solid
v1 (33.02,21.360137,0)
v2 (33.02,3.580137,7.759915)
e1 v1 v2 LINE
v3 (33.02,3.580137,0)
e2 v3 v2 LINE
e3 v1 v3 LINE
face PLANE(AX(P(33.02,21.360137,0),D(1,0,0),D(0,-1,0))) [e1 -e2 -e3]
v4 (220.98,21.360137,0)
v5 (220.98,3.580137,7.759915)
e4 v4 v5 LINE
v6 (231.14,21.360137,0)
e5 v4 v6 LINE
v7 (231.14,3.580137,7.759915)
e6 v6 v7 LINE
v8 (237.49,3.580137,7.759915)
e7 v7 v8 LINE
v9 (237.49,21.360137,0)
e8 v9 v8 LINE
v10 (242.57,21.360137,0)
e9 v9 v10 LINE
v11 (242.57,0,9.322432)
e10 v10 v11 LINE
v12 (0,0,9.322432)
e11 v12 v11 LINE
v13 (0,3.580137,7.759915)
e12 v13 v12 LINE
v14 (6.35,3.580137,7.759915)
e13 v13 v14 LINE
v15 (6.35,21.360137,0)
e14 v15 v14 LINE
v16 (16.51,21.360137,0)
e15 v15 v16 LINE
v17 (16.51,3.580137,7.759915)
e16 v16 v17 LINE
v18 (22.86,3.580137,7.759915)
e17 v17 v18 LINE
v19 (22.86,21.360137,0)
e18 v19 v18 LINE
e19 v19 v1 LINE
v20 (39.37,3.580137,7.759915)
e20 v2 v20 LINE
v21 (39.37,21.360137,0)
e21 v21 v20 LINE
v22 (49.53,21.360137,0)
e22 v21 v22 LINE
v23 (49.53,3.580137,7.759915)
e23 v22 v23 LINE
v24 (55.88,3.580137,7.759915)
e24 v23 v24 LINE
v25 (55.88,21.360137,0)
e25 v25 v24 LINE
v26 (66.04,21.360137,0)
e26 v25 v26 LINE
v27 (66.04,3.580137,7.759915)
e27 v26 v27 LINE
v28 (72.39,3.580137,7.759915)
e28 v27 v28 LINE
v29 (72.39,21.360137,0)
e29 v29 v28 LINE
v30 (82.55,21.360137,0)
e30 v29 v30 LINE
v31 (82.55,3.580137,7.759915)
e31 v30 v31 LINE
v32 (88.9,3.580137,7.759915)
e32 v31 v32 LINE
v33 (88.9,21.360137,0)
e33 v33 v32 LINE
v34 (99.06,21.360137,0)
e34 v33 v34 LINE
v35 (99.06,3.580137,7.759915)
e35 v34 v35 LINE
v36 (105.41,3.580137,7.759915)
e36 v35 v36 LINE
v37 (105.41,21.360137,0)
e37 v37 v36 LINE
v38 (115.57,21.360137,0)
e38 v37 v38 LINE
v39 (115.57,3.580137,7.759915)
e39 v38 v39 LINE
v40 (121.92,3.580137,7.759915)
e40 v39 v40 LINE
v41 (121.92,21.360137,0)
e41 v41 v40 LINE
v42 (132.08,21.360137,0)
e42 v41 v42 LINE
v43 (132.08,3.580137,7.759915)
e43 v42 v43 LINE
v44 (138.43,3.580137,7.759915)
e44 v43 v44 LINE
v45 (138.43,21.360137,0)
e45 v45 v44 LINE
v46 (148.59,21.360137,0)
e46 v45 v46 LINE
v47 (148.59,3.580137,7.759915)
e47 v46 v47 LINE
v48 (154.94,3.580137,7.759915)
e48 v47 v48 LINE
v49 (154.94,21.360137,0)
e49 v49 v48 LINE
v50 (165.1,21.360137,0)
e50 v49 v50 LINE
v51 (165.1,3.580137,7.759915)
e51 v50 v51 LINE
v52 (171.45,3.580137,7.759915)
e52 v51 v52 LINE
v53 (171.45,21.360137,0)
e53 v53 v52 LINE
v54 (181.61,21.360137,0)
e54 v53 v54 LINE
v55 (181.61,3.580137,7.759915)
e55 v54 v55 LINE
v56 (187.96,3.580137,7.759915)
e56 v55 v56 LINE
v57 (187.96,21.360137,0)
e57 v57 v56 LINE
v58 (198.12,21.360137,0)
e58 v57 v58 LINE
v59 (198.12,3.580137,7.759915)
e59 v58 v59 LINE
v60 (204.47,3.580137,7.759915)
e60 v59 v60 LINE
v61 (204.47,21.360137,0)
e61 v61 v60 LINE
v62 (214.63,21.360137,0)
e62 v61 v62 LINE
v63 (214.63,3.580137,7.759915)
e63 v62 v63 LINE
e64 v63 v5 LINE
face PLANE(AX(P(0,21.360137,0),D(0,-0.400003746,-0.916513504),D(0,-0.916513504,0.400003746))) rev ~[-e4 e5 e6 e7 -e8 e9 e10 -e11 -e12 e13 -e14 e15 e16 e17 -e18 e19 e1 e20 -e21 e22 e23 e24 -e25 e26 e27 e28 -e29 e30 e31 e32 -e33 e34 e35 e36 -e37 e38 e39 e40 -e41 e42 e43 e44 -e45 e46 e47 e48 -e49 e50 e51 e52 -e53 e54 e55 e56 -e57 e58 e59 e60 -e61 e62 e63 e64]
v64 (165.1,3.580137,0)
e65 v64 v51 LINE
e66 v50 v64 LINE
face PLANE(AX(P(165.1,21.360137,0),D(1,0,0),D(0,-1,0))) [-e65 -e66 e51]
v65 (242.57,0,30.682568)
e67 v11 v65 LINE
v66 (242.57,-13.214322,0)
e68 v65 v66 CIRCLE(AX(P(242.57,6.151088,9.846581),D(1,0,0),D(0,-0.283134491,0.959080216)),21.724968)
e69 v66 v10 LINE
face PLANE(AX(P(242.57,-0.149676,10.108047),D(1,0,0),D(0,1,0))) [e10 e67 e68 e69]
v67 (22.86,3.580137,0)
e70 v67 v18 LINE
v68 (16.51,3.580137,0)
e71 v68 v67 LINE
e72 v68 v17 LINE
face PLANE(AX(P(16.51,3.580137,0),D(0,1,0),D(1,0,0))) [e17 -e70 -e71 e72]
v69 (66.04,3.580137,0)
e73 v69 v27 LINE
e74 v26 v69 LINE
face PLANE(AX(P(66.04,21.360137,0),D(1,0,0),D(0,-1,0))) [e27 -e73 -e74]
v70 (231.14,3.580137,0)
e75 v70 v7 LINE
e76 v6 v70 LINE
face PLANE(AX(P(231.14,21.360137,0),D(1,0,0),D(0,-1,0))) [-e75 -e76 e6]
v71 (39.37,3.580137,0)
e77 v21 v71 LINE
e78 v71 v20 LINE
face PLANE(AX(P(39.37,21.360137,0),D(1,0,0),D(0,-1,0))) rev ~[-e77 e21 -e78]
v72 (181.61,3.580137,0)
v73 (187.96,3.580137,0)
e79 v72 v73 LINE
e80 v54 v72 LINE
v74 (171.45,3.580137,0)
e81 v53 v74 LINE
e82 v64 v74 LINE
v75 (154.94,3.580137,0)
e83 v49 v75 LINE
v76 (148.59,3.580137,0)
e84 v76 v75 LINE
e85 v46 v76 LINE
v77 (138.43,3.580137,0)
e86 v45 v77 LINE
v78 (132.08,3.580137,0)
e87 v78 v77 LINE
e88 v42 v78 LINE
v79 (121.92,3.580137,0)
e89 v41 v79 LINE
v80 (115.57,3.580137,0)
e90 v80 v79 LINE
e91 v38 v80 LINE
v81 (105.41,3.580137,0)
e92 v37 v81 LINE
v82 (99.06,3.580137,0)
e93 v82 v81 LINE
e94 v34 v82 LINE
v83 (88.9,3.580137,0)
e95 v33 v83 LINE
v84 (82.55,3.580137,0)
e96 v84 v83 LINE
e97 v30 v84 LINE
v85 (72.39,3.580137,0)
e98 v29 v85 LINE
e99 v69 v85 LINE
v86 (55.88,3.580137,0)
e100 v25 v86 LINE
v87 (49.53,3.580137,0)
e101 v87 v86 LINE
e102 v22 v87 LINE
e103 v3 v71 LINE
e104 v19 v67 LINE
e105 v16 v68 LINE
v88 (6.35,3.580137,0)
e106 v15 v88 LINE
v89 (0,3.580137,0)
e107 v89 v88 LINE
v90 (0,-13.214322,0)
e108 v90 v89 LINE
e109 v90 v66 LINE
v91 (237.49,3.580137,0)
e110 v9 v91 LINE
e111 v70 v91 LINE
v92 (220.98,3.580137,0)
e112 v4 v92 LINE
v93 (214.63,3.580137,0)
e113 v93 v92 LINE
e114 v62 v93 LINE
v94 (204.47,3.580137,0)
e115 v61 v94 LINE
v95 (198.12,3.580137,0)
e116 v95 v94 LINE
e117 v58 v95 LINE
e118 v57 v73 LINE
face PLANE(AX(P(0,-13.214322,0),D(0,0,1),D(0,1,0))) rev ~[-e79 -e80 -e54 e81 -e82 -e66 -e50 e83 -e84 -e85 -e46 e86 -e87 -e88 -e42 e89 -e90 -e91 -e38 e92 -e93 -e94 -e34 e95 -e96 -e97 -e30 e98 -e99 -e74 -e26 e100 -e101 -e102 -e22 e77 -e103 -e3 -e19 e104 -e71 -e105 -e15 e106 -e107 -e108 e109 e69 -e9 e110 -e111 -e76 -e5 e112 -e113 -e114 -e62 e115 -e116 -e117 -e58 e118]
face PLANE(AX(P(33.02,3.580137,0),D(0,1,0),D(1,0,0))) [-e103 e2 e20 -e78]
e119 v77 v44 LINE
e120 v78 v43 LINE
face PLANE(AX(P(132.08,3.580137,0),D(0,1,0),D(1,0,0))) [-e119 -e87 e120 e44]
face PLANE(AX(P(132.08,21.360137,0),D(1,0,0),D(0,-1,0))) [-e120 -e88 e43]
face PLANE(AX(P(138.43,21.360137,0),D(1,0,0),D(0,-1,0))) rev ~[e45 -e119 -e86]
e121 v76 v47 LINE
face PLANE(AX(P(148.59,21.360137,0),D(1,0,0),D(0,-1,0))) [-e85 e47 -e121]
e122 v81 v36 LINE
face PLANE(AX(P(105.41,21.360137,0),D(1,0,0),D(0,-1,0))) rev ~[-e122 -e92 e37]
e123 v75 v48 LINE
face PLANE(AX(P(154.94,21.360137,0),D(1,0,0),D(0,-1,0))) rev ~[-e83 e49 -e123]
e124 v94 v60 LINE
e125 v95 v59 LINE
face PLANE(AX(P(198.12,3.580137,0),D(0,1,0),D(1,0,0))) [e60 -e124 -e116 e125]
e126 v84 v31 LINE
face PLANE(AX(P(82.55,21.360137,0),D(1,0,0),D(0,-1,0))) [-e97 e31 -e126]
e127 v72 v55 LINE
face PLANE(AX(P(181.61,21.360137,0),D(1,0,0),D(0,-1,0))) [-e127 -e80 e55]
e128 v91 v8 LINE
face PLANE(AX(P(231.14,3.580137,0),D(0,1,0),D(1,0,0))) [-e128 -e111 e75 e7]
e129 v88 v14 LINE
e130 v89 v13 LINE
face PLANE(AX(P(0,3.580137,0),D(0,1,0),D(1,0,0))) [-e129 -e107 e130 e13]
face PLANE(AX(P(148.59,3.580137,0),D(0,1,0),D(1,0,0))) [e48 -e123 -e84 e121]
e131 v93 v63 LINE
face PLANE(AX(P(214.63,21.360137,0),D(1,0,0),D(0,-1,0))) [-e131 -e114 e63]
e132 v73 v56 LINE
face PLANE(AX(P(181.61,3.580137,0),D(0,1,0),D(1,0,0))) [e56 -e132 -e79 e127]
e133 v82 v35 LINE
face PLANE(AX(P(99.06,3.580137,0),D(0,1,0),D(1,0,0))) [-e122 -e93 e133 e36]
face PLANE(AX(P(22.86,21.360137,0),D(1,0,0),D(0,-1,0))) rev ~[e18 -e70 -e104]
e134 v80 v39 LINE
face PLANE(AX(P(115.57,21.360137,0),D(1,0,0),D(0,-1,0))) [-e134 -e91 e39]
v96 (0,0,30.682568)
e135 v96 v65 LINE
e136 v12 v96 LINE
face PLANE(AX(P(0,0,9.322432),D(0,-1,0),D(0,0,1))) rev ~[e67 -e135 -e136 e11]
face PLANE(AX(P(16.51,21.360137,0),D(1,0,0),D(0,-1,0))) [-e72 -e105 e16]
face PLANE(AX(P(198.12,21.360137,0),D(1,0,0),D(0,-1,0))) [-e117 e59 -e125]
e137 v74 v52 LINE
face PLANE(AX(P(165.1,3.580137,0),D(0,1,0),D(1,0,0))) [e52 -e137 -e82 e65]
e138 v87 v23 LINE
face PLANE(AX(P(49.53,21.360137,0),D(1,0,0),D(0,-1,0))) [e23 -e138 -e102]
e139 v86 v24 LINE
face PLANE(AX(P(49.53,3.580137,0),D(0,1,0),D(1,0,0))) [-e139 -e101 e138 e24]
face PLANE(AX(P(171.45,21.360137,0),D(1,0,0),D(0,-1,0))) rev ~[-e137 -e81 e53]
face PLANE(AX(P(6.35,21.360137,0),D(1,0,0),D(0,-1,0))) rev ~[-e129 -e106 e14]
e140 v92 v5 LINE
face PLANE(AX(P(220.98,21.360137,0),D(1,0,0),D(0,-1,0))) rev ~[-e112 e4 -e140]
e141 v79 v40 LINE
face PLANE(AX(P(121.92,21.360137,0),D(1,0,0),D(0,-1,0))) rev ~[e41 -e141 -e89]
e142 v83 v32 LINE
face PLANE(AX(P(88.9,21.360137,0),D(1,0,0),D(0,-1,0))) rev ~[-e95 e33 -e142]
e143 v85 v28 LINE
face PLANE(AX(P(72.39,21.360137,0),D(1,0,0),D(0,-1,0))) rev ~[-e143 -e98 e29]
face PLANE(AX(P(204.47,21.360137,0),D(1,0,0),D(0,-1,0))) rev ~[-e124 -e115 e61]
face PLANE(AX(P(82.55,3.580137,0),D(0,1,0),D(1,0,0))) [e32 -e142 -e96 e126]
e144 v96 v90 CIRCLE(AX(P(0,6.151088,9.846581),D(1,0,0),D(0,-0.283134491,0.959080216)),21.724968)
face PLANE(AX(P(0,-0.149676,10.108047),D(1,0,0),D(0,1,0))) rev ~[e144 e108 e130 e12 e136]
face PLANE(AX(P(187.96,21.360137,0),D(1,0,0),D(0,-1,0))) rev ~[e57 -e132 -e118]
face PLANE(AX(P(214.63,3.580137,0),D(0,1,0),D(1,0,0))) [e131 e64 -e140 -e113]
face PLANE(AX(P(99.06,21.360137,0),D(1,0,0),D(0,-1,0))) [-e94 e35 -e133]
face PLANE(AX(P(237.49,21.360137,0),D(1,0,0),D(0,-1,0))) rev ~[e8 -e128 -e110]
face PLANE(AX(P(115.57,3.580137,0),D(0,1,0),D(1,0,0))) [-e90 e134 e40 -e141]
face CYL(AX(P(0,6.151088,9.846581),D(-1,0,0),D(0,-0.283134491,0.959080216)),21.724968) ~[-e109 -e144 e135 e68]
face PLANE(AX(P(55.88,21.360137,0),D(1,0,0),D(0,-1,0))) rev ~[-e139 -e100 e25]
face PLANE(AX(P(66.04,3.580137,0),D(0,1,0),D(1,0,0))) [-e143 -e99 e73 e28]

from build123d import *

# Parameters (mm, degrees)
F1_DEPTH = 242.57
F2_W     = 6.35
F2_H     = 17.78
F3_DEPTH = 30.683568


with BuildPart() as f1:
    # F0 (on Right) → F1 (new body)
    with BuildSketch(Plane.YZ):
        with BuildLine():
            Line((21.360137, 0), (0, 9.322432))
            Line((0, 9.322432), (0, 30.682568))
            ThreePointArc((0, 30.682568), (-13.802055, 18.43997), (-13.214322, 0))
            Line((-13.214322, 0), (21.360137, 0))
        make_face()
    extrude(amount=F1_DEPTH)

    # F2 (on face) → F3 (cut, through all)
    with BuildSketch(Plane(origin=(0, 0, 0), x_dir=(1, 0, 0), z_dir=(0, 0, -1))):
        with Locations((3.175, -12.470137)):
            Rectangle(F2_W, F2_H)
        with Locations((19.685, -12.470137)):
            Rectangle(F2_W, F2_H)
        with Locations((36.195, -12.470137)):
            Rectangle(F2_W, F2_H)
        with Locations((52.705, -12.470137)):
            Rectangle(F2_W, F2_H)
        with Locations((69.215, -12.470137)):
            Rectangle(F2_W, F2_H)
        with Locations((85.725, -12.470137)):
            Rectangle(F2_W, F2_H)
        with Locations((102.235, -12.470137)):
            Rectangle(F2_W, F2_H)
        with Locations((118.745, -12.470137)):
            Rectangle(F2_W, F2_H)
        with Locations((135.255, -12.470137)):
            Rectangle(F2_W, F2_H)
        with Locations((151.765, -12.470137)):
            Rectangle(F2_W, F2_H)
        with Locations((168.275, -12.470137)):
            Rectangle(F2_W, F2_H)
        with Locations((184.785, -12.470137)):
            Rectangle(F2_W, F2_H)
        with Locations((201.295, -12.470137)):
            Rectangle(F2_W, F2_H)
        with Locations((217.805, -12.470137)):
            Rectangle(F2_W, F2_H)
        with Locations((234.315, -12.470137)):
            Rectangle(F2_W, F2_H)
    extrude(amount=-F3_DEPTH, mode=Mode.SUBTRACT)


solid = f1.part
